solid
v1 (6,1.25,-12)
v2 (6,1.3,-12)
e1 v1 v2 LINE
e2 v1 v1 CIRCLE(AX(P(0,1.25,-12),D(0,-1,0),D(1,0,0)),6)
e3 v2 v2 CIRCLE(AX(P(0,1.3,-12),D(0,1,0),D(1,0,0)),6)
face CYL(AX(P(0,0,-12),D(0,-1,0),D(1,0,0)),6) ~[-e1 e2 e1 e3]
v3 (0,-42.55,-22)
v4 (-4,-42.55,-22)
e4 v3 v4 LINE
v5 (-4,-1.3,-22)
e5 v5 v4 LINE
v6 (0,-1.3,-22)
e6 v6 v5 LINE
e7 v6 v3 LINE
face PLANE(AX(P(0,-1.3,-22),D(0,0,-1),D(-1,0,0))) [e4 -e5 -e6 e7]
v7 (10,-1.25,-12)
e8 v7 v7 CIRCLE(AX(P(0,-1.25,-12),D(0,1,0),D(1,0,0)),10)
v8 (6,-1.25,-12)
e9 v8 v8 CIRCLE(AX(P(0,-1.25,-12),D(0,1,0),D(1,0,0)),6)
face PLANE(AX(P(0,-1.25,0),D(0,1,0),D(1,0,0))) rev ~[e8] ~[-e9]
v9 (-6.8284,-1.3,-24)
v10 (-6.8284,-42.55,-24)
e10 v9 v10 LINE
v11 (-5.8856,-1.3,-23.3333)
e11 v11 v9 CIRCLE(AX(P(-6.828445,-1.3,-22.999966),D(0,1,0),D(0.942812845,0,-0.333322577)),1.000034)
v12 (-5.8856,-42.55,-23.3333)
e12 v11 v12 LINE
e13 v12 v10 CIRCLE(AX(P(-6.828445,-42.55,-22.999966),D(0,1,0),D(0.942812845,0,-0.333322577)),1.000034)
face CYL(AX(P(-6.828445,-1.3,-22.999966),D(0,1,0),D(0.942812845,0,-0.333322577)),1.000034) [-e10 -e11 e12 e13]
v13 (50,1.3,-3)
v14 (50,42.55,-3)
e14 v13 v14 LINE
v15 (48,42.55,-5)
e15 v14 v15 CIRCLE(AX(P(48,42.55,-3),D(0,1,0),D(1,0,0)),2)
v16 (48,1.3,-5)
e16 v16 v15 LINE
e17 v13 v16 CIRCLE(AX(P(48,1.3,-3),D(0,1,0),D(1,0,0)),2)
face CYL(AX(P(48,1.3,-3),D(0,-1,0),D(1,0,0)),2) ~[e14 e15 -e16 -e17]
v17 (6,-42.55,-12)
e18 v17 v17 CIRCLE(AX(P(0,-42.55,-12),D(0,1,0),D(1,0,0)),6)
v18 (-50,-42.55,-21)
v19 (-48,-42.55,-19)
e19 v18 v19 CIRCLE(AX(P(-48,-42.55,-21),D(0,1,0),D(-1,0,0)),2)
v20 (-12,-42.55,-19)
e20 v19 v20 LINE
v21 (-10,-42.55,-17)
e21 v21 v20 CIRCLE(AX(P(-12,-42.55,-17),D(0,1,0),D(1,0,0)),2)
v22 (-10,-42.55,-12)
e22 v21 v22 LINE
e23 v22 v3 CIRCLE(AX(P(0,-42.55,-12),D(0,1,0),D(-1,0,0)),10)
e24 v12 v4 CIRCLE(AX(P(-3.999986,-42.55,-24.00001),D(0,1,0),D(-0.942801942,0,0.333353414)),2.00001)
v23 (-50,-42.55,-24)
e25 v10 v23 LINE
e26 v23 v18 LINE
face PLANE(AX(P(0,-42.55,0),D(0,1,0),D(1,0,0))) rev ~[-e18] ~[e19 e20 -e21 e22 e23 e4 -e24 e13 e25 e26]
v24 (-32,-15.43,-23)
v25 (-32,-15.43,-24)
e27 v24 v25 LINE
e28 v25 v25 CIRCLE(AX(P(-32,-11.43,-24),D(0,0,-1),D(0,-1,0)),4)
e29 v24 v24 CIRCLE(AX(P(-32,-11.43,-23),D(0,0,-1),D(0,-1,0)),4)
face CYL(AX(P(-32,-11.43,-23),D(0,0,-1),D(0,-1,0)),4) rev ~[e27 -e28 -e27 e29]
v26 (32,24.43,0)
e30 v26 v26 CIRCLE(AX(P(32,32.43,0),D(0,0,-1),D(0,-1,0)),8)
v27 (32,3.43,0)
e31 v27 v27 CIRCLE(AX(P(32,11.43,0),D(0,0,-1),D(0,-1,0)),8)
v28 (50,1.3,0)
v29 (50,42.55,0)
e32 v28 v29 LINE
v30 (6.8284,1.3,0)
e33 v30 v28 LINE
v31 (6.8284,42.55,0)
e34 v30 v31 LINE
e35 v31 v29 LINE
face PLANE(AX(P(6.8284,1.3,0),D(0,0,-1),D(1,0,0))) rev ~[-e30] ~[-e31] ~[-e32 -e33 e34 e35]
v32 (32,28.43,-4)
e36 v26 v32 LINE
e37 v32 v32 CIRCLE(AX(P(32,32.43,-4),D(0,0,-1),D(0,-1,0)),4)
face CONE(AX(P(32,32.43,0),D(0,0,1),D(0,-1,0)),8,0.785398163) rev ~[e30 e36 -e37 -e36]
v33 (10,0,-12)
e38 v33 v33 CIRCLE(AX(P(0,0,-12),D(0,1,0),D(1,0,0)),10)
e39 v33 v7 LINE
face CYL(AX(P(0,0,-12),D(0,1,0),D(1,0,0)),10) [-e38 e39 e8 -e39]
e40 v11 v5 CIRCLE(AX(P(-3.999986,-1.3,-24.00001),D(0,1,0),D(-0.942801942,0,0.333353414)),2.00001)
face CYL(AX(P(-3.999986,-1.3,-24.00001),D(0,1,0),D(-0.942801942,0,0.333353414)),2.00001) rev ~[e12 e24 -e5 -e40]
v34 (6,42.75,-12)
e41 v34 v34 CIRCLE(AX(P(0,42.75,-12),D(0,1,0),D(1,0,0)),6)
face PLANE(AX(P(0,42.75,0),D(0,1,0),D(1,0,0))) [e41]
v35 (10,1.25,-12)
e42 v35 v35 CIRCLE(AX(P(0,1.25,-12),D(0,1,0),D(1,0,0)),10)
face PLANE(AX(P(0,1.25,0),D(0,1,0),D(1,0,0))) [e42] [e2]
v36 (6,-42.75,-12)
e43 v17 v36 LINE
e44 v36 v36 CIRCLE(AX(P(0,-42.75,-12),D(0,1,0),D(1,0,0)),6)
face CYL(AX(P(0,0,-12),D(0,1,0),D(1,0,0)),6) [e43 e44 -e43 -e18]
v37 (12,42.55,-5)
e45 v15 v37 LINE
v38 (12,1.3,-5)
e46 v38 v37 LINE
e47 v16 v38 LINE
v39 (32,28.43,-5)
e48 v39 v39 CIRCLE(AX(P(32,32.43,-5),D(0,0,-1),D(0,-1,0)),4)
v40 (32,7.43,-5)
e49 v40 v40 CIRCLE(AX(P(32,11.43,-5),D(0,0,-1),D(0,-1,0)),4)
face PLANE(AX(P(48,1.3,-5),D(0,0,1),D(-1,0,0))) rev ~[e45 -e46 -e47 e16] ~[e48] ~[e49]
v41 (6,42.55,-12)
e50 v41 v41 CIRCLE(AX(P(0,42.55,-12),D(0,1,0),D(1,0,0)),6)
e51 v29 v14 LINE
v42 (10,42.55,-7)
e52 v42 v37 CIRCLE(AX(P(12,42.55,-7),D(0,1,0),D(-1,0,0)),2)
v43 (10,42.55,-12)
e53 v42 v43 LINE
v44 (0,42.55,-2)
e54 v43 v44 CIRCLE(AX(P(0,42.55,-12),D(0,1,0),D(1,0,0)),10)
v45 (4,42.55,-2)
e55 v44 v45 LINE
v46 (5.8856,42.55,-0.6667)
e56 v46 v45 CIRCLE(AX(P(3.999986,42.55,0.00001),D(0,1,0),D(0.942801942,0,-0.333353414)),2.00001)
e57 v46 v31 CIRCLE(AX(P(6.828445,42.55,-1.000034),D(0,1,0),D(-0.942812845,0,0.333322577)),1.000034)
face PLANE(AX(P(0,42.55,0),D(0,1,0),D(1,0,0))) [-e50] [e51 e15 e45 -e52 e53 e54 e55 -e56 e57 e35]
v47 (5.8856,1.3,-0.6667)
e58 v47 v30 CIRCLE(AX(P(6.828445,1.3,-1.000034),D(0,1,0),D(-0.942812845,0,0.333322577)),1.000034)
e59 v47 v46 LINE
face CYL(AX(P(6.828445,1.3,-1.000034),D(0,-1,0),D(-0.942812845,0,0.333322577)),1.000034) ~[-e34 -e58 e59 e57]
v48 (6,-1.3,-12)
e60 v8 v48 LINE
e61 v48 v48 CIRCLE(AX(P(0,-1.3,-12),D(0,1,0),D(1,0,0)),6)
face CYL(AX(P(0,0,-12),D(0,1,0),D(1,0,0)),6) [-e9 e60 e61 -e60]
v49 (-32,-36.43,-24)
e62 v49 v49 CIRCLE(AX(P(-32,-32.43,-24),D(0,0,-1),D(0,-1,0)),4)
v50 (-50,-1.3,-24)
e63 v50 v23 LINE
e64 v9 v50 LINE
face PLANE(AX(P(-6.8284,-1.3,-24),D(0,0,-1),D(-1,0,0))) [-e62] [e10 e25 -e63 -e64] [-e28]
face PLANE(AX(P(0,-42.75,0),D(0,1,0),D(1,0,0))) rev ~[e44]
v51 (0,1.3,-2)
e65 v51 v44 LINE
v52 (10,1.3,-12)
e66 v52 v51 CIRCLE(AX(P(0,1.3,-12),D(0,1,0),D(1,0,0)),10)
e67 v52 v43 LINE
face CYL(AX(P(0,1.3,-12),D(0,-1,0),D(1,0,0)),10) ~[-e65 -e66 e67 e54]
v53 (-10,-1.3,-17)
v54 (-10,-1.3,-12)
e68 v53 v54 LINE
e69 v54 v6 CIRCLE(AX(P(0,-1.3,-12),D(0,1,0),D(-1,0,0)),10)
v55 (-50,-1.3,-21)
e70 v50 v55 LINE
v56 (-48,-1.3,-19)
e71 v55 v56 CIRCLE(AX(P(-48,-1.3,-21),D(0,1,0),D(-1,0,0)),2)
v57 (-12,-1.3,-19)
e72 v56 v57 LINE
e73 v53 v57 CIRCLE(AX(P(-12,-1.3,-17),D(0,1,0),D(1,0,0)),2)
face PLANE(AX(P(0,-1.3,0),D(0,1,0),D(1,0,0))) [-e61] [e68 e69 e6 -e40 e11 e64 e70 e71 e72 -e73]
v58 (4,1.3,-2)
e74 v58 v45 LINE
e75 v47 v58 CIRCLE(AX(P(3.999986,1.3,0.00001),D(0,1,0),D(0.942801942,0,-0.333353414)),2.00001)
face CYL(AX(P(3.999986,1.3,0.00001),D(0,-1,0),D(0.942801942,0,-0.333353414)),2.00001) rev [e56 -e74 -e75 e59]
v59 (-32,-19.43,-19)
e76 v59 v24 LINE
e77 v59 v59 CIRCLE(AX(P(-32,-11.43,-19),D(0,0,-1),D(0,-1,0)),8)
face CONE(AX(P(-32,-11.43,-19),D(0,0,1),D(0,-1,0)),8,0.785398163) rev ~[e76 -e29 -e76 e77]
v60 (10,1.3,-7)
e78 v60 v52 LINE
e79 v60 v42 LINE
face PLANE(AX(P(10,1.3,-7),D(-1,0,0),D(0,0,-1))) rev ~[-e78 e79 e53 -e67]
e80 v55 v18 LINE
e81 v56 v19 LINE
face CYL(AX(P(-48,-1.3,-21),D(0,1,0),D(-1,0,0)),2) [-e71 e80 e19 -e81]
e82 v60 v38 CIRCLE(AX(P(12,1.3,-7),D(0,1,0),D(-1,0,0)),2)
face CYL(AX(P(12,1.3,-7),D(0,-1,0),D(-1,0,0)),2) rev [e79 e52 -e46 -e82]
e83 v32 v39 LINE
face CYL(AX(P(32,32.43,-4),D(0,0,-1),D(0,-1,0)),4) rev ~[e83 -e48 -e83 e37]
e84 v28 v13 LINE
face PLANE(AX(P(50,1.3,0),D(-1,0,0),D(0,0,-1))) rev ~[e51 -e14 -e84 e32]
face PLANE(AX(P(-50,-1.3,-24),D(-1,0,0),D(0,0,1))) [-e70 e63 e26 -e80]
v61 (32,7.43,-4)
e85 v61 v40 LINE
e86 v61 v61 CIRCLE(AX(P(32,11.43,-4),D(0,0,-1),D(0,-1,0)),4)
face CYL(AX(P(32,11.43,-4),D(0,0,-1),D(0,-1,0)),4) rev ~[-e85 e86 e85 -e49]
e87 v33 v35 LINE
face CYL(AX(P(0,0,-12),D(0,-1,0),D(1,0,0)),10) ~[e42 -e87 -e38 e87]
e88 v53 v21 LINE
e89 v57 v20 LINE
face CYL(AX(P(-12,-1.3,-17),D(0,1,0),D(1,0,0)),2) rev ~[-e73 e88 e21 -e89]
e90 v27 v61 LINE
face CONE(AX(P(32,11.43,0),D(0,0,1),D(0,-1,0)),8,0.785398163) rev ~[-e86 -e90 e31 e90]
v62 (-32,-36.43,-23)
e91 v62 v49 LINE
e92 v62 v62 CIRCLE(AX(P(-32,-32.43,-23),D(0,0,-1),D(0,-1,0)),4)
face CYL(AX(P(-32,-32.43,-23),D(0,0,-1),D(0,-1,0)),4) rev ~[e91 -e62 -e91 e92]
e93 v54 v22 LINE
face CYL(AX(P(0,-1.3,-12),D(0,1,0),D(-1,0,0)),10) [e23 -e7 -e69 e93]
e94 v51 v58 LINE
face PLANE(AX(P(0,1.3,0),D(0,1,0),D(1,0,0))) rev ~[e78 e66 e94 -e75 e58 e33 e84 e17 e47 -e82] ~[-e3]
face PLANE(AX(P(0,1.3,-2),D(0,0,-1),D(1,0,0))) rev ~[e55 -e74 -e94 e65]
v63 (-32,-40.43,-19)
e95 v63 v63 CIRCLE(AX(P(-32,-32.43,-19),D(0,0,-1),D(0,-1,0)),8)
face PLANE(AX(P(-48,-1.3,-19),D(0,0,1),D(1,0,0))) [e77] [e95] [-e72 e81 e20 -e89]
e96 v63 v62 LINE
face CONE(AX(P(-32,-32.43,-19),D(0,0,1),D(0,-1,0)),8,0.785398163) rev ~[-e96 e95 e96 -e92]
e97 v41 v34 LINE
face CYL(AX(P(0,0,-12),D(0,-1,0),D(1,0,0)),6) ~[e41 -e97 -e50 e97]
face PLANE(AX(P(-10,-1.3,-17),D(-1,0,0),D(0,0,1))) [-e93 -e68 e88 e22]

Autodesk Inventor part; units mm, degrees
sketch "Skizze_34" plane through (0, 0, 0) normal (0, 1, 0) x (1, 0, 0)
  circle A0 centre (0, 12) radius 10
extrude "Extrusion1" add sketch "Skizze_34" along normal mid plane 2.5
sketch "Skizze_35" plane through (0, 0, 0) normal (0, 1, 0) x (1, 0, 0)
  circle A0 centre (0, 12) radius 6
extrude "Extrusion2" add sketch "Skizze_35" along normal mid plane 85.5
sketch "Skizze_36" plane through (0, -1.3, 0) normal (0, 1, 0) x (1, 0, 0)
  line L0 (-50, 24) -> (-50, 21)
  arc A0 (-50, 21) -> (-48, 19) centre (-48, 21) ccw
  line L1 (-48, 19) -> (-12, 19)
  arc A1 (-10, 17) -> (-12, 19) centre (-12, 17) ccw
  line L2 (-10, 17) -> (-10, 12)
  arc A2 (-10, 12) -> (0, 22) centre (0, 12) ccw
  line L3 (0, 22) -> (-4, 22)
  arc A3 (-5.8856, 23.3333) -> (-4, 22) centre (-4, 24) ccw
  arc A4 (-5.8856, 23.3333) -> (-6.8284, 24) centre (-6.8284, 23) ccw
  line L4 (-6.8284, 24) -> (-50, 24)
  circle A5 centre (0, 12) radius 6
extrude "Extrusion3" add sketch "Skizze_36" against normal blind 41.25
sketch "Skizze_37" plane through (0, 1.3, 0) normal (0, 1, 0) x (1, 0, 0)
  arc A0 (10, 12) -> (0, 2) centre (0, 12) ccw
  line L0 (0, 2) -> (4, 2)
  arc A1 (5.8856, 0.6667) -> (4, 2) centre (4, 0) ccw
  arc A2 (5.8856, 0.6667) -> (6.8284, 0) centre (6.8284, 1) ccw
  line L1 (6.8284, 0) -> (50, 0)
  line L2 (50, 0) -> (50, 3)
  arc A3 (50, 3) -> (48, 5) centre (48, 3) ccw
  line L3 (48, 5) -> (12, 5)
  arc A4 (10, 7) -> (12, 5) centre (12, 7) ccw
  line L4 (10, 7) -> (10, 12)
  circle A5 centre (0, 12) radius 6
extrude "Extrusion4" add sketch "Skizze_37" along normal blind 41.25
sketch "Sketch5" plane through (6.8284, 1.3, 0) normal (0, 0, 1) x (1, 0, 0)
  point P0 (25.1716, 10.13)
hole "Drilling 1" at (32, 11.43, 0) direction (0, 0, -1) diameter 8 depth 5 countersink diameter 16 countersink angle 90
sketch "Sketch6" plane through (6.8284, 1.3, 0) normal (0, 0, 1) x (1, 0, 0)
  point P0 (25.1716, 31.13)
hole "Drilling 2" at (32, 32.43, 0) direction (0, 0, -1) diameter 8 depth 5 countersink diameter 16 countersink angle 90
sketch "Sketch7" plane through (-48, -1.3, -19) normal (0, 0, 1) x (1, 0, 0)
  point P0 (16, -10.13)
hole "Drilling 3" at (-32, -11.43, -19) direction (0, 0, -1) diameter 8 depth 5 countersink diameter 16 countersink angle 90
sketch "Sketch8" plane through (-48, -1.3, -19) normal (0, 0, 1) x (1, 0, 0)
  point P0 (16, -31.13)
hole "Drilling 4" at (-32, -32.43, -19) direction (0, 0, -1) diameter 8 depth 5 countersink diameter 16 countersink angle 90
ref_plane "side_2a_XY" through (-32, -21.925, -19) normal (0, 0, 1) x (1, 0, 0)
ref_plane "side_2a_YZ" through (-32, -21.925, -19) normal (1, 0, 0) x (0, 1, 0)
ref_plane "side_2a_ZX" through (-32, -21.925, -19) normal (0, 1, 0) x (0, 0, 1)
ref_plane "side_2b_XY" through (-32, -21.925, -24) normal (0, 0, -1) x (1, 0, 0)
ref_plane "side_2b_YZ" through (-32, -21.925, -24) normal (1, 0, 0) x (0, -1, 0)
ref_plane "side_2b_ZX" through (-32, -21.925, -24) normal (0, -1, 0) x (0, 0, -1)
ref_plane "side_1b_XY" through (32, 21.925, -5) normal (0, 0, -1) x (-1, 0, 0)
ref_plane "side_1b_YZ" through (32, 21.925, -5) normal (-1, 0, 0) x (0, 1, 0)
ref_plane "side_1b_ZX" through (32, 21.925, -5) normal (0, 1, 0) x (0, 0, -1)
ref_plane "side_3b_XY" through (32, 21.925, -5) normal (0, 0, -1) x (-1, 0, 0)
ref_plane "side_3b_YZ" through (32, 21.925, -5) normal (-1, 0, 0) x (0, 1, 0)
ref_plane "side_3b_ZX" through (32, 21.925, -5) normal (0, 1, 0) x (0, 0, -1)
ref_plane "side_1a_XY" through (32, 21.925, 0) normal (0, 0, 1) x (-1, 0, 0)
ref_plane "side_1a_YZ" through (32, 21.925, 0) normal (-1, 0, 0) x (0, -1, 0)
ref_plane "side_1a_ZX" through (32, 21.925, 0) normal (0, -1, 0) x (0, 0, 1)
ref_plane "side_3a_XY" through (32, 21.925, 0) normal (0, 0, 1) x (-1, 0, 0)
ref_plane "side_3a_YZ" through (32, 21.925, 0) normal (-1, 0, 0) x (0, -1, 0)
ref_plane "side_3a_ZX" through (32, 21.925, 0) normal (0, -1, 0) x (0, 0, 1)
properties part number "MayTec 1.62.842032085_Alu hinges, heavy, type 20 PG 40 (180)"
